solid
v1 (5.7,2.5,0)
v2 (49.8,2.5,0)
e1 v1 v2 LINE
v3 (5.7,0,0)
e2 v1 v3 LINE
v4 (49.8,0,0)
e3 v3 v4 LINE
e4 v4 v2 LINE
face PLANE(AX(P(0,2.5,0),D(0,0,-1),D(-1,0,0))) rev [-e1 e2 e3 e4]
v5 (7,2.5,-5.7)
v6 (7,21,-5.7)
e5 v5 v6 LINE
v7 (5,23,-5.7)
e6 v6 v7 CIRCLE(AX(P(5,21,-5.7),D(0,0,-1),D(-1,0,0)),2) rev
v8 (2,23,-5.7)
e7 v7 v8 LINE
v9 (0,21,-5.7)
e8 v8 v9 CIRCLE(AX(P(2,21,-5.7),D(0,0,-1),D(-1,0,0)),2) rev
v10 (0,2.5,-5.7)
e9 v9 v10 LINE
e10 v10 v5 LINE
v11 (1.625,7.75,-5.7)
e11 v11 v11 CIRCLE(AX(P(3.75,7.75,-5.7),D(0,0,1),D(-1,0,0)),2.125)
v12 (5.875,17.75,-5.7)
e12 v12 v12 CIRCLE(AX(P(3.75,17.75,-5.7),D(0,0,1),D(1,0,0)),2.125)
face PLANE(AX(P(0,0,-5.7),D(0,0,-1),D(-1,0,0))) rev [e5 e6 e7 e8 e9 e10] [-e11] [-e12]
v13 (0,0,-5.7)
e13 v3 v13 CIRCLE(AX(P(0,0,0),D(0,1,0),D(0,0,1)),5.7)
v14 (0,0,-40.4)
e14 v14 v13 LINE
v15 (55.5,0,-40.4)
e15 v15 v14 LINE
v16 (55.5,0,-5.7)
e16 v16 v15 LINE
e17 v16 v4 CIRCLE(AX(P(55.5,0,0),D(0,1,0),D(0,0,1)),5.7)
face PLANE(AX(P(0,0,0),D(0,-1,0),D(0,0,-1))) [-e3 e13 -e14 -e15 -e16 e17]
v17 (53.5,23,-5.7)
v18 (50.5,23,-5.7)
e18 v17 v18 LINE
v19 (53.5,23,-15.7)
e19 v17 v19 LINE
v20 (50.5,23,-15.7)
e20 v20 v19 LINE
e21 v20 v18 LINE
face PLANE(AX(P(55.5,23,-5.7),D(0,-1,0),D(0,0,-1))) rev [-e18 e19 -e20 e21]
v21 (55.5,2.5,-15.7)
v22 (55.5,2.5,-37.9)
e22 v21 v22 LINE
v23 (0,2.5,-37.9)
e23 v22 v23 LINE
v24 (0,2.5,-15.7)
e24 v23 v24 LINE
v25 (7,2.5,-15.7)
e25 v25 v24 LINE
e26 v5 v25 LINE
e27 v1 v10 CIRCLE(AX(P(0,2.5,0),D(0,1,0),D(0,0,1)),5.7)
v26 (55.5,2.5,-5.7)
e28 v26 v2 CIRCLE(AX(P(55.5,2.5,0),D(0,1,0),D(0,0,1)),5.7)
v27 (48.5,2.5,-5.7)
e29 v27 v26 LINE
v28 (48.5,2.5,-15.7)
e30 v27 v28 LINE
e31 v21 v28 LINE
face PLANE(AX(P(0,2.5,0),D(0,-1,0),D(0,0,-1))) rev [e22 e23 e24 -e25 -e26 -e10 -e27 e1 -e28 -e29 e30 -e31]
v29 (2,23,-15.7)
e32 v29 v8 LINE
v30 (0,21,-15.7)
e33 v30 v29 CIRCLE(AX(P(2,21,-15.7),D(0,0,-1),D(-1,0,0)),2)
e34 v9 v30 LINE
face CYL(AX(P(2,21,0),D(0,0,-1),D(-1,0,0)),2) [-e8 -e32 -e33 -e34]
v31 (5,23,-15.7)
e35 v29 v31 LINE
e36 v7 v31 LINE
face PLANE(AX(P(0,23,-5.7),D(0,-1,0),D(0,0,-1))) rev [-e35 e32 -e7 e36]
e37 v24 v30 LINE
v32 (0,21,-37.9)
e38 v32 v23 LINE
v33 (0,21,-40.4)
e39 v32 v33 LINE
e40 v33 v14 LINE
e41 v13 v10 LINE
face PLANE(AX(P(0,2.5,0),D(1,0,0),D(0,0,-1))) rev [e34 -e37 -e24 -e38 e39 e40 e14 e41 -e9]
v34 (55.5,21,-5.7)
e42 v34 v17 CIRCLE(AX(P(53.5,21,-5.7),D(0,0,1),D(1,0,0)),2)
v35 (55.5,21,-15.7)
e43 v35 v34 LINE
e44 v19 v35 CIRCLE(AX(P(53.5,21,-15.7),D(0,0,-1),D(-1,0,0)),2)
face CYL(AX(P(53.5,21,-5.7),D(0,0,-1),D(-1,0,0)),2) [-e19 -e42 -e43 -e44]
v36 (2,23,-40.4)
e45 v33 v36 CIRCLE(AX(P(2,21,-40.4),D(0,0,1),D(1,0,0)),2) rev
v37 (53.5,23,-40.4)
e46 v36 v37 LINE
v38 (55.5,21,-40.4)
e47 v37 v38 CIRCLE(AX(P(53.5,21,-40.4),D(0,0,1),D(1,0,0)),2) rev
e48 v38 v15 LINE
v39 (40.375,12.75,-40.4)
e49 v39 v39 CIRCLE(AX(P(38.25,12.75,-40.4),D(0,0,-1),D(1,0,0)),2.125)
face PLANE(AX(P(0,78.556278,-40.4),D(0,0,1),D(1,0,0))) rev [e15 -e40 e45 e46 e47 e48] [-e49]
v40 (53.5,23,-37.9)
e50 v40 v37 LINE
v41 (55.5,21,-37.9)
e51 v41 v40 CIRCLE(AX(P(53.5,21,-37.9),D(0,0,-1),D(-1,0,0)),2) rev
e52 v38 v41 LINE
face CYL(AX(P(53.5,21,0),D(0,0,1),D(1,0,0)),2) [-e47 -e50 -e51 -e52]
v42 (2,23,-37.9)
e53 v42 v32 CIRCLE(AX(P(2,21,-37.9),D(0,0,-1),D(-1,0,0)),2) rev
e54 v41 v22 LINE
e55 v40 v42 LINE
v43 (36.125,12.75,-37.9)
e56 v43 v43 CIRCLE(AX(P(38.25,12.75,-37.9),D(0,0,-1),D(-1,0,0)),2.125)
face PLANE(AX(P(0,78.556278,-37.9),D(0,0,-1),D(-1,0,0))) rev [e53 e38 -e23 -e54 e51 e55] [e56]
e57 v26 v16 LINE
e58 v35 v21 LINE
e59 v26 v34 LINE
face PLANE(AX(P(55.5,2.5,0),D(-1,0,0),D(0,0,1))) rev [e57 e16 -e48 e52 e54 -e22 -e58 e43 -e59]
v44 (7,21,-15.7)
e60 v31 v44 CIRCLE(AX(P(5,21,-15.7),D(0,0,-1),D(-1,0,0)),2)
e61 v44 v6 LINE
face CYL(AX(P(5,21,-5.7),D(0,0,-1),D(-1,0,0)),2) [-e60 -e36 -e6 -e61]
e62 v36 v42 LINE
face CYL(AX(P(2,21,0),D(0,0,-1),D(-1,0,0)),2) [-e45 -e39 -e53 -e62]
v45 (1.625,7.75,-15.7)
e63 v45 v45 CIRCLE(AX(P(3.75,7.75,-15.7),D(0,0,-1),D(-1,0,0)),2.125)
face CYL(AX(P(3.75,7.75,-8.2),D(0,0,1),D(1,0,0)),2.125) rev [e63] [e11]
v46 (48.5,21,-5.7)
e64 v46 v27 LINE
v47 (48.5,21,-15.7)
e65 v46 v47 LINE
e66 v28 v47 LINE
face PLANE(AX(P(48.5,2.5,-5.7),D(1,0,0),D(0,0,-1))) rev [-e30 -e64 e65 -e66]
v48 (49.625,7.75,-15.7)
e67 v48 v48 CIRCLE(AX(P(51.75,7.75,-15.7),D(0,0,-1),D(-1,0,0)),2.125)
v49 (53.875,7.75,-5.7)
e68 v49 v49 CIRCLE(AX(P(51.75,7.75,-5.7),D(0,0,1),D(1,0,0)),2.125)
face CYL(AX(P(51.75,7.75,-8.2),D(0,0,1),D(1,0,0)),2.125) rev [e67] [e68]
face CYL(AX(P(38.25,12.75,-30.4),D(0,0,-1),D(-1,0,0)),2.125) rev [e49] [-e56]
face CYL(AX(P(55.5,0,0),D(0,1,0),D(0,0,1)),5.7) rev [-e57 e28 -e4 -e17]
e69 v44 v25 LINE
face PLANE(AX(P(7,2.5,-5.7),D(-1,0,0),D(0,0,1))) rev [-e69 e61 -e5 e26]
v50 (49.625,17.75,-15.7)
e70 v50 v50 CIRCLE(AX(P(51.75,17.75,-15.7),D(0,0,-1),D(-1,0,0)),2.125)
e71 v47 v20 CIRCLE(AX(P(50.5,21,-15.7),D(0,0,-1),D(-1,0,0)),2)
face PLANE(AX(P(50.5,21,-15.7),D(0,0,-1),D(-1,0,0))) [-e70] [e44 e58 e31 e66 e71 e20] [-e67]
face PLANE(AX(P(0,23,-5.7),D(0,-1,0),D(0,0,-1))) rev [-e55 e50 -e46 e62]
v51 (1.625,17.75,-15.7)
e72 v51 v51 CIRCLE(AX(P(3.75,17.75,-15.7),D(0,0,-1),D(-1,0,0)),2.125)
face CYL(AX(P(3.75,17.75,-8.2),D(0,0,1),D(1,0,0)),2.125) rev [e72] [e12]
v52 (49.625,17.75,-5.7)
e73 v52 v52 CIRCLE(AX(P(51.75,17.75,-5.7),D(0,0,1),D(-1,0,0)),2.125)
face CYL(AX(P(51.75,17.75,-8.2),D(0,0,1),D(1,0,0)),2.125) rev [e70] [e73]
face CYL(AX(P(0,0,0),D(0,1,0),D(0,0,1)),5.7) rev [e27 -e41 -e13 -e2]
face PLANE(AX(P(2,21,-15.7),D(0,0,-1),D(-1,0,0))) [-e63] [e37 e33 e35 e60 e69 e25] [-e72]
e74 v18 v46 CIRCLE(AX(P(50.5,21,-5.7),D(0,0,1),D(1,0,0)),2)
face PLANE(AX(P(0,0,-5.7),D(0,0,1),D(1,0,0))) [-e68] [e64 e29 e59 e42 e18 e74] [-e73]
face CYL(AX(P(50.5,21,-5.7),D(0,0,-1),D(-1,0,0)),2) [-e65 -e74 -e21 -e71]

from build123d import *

# Parameters (mm, degrees)
SKETCH1_W                   = 55.5
SKETCH1_H                   = 37.9
BRACKETBASE_DEPTH           = 2.5
SKETCH2_W                   = 7
SKETCH2_H                   = 20.5
SERVOMOUNTINGHOLETABS_DEPTH = 2.5
SKETCH3_R                   = 2.125
SERVOMOUNTINGHOLES_DEPTH    = 2.5
SKETCH4_W                   = 55.5
SKETCH4_H                   = 2.5
BASEWALL_DEPTH              = 23
SKETCH6_R                   = 5.7
BASETRIM_DEPTH              = 2.5
FILLET1_R                   = 2
SKETCH7_R                   = 2.125
M4MOUNTINGHOLE_DEPTH        = 10
SKETCH8_R                   = 2.125
CUT_EXTRUDE1_DEPTH          = 10
SKETCH9_R                   = 2.125
BOSS_EXTRUDE1_DEPTH         = 2.5
SKETCH10_R                  = 2.125
BOSS_EXTRUDE2_DEPTH         = 7.5


with BuildPart() as part:
    # Sketch1 → bracketBase (new body)
    with BuildSketch(Plane(origin=(0, 0, 0), x_dir=(1, 0, 0), z_dir=(0, 1, 0))):
        with Locations((27.75, 18.95)):
            Rectangle(SKETCH1_W, SKETCH1_H)
    extrude(amount=BRACKETBASE_DEPTH)

    # Sketch2 → servoMountingHoleTabs (add)
    with BuildSketch(Plane.XY.offset(-8.2)):
        with Locations((3.5, 12.75)):
            Rectangle(SKETCH2_W, SKETCH2_H)
        with Locations((52, 12.75)):
            Rectangle(SKETCH2_W, SKETCH2_H)
    extrude(amount=SERVOMOUNTINGHOLETABS_DEPTH)

    # Sketch3 → servoMountingHoles (cut)
    with BuildSketch(Plane.XY.offset(-5.7)):
        with Locations((3.75, 17.75)):
            Circle(SKETCH3_R)
        with Locations(Location((3.75, 7.75, 0), (0, 0, 180))):
            Circle(SKETCH3_R)
        with Locations((51.75, 7.75)):
            Circle(SKETCH3_R)
        with Locations(Location((51.75, 17.75, 0), (0, 0, 180))):
            Circle(SKETCH3_R)
    extrude(amount=-SERVOMOUNTINGHOLES_DEPTH, mode=Mode.SUBTRACT)

    # Sketch4 → baseWall (add)
    with BuildSketch(Plane(origin=(0, 0, 0), x_dir=(1, 0, 0), z_dir=(0, 1, 0))):
        with Locations((27.75, 39.15)):
            Rectangle(SKETCH4_W, SKETCH4_H)
    extrude(amount=BASEWALL_DEPTH)

    # Sketch6 → baseTrim (cut)
    with BuildSketch(Plane(origin=(0, 2.5, 0), x_dir=(1, 0, 0), z_dir=(0, 1, 0))):
        Circle(SKETCH6_R)
        with Locations((55.5, 0)):
            Circle(SKETCH6_R)
    extrude(amount=-BASETRIM_DEPTH, mode=Mode.SUBTRACT)

    # Fillet1
    fillet1_edges = [part.edges().sort_by_distance(p)[0] for p in [
        (0, 23, -6.95),
        (7, 23, -6.95),
        (55.5, 23, -6.95),
        (48.5, 23, -6.95),
        (55.5, 23, -39.15),
        (0, 23, -39.15),
    ]]
    fillet(fillet1_edges, radius=FILLET1_R)

    # Sketch7 → M4mountingHole (cut)
    with BuildSketch(Plane(origin=(0, 0, -40.4), x_dir=(-1, 0, 0), z_dir=(0, 0, -1))):
        with Locations((-17.25, 12.75)):
            Circle(SKETCH7_R)
    extrude(amount=-M4MOUNTINGHOLE_DEPTH, mode=Mode.SUBTRACT)

    # Sketch8 → Cut-Extrude1 (cut)
    with BuildSketch(Plane(origin=(0, 0, -40.4), x_dir=(-1, 0, 0), z_dir=(0, 0, -1))):
        with Locations((-38.25, 12.75)):
            Circle(SKETCH8_R)
    extrude(amount=-CUT_EXTRUDE1_DEPTH, mode=Mode.SUBTRACT)

    # Sketch9 → Boss-Extrude1 (add)
    with BuildSketch(Plane(origin=(0, 0, -40.4), x_dir=(-1, 0, 0), z_dir=(0, 0, -1))):
        with Locations((-17.25, 12.75)):
            Circle(SKETCH9_R)
    extrude(amount=-BOSS_EXTRUDE1_DEPTH)

    # Sketch10 → Boss-Extrude2 (add)
    # profile 1 of 2: a face of its own
    with BuildSketch(Plane(origin=(0, 0, -8.2), x_dir=(-1, 0, 0), z_dir=(0, 0, -1))):
        with BuildLine():
            Line((-48.5, 2.5), (-48.5, 21))
            ThreePointArc((-48.5, 21), (-49.085786438, 22.414213562), (-50.5, 23))
            Line((-50.5, 23), (-53.5, 23))
            ThreePointArc((-53.5, 23), (-54.914213562, 22.414213562), (-55.5, 21))
            Line((-55.5, 21), (-55.5, 2.5))
            Line((-55.5, 2.5), (-48.5, 2.5))
        make_face()
        with Locations((-51.75, 17.75)):
            Circle(SKETCH10_R, mode=Mode.SUBTRACT)
        with Locations(Location((-51.75, 7.75, 0), (0, 0, 180))):
            Circle(SKETCH10_R, mode=Mode.SUBTRACT)
    # profile 2 of 2: a face of its own
    with BuildSketch(Plane(origin=(0, 0, -8.2), x_dir=(-1, 0, 0), z_dir=(0, 0, -1))):
        with BuildLine():
            Line((-2, 23), (-5, 23))
            ThreePointArc((-5, 23), (-6.414213562, 22.414213562), (-7, 21))
            Line((-7, 21), (-7, 2.5))
            Line((-7, 2.5), (0, 2.5))
            Line((0, 2.5), (0, 21))
            ThreePointArc((0, 21), (-0.585786438, 22.414213562), (-2, 23))
        make_face()
        with Locations(Location((-3.75, 17.75, 0), (0, 0, 180))):
            Circle(SKETCH10_R, mode=Mode.SUBTRACT)
        with Locations((-3.75, 7.75)):
            Circle(SKETCH10_R, mode=Mode.SUBTRACT)
    extrude(amount=BOSS_EXTRUDE2_DEPTH)


solid = part.part
